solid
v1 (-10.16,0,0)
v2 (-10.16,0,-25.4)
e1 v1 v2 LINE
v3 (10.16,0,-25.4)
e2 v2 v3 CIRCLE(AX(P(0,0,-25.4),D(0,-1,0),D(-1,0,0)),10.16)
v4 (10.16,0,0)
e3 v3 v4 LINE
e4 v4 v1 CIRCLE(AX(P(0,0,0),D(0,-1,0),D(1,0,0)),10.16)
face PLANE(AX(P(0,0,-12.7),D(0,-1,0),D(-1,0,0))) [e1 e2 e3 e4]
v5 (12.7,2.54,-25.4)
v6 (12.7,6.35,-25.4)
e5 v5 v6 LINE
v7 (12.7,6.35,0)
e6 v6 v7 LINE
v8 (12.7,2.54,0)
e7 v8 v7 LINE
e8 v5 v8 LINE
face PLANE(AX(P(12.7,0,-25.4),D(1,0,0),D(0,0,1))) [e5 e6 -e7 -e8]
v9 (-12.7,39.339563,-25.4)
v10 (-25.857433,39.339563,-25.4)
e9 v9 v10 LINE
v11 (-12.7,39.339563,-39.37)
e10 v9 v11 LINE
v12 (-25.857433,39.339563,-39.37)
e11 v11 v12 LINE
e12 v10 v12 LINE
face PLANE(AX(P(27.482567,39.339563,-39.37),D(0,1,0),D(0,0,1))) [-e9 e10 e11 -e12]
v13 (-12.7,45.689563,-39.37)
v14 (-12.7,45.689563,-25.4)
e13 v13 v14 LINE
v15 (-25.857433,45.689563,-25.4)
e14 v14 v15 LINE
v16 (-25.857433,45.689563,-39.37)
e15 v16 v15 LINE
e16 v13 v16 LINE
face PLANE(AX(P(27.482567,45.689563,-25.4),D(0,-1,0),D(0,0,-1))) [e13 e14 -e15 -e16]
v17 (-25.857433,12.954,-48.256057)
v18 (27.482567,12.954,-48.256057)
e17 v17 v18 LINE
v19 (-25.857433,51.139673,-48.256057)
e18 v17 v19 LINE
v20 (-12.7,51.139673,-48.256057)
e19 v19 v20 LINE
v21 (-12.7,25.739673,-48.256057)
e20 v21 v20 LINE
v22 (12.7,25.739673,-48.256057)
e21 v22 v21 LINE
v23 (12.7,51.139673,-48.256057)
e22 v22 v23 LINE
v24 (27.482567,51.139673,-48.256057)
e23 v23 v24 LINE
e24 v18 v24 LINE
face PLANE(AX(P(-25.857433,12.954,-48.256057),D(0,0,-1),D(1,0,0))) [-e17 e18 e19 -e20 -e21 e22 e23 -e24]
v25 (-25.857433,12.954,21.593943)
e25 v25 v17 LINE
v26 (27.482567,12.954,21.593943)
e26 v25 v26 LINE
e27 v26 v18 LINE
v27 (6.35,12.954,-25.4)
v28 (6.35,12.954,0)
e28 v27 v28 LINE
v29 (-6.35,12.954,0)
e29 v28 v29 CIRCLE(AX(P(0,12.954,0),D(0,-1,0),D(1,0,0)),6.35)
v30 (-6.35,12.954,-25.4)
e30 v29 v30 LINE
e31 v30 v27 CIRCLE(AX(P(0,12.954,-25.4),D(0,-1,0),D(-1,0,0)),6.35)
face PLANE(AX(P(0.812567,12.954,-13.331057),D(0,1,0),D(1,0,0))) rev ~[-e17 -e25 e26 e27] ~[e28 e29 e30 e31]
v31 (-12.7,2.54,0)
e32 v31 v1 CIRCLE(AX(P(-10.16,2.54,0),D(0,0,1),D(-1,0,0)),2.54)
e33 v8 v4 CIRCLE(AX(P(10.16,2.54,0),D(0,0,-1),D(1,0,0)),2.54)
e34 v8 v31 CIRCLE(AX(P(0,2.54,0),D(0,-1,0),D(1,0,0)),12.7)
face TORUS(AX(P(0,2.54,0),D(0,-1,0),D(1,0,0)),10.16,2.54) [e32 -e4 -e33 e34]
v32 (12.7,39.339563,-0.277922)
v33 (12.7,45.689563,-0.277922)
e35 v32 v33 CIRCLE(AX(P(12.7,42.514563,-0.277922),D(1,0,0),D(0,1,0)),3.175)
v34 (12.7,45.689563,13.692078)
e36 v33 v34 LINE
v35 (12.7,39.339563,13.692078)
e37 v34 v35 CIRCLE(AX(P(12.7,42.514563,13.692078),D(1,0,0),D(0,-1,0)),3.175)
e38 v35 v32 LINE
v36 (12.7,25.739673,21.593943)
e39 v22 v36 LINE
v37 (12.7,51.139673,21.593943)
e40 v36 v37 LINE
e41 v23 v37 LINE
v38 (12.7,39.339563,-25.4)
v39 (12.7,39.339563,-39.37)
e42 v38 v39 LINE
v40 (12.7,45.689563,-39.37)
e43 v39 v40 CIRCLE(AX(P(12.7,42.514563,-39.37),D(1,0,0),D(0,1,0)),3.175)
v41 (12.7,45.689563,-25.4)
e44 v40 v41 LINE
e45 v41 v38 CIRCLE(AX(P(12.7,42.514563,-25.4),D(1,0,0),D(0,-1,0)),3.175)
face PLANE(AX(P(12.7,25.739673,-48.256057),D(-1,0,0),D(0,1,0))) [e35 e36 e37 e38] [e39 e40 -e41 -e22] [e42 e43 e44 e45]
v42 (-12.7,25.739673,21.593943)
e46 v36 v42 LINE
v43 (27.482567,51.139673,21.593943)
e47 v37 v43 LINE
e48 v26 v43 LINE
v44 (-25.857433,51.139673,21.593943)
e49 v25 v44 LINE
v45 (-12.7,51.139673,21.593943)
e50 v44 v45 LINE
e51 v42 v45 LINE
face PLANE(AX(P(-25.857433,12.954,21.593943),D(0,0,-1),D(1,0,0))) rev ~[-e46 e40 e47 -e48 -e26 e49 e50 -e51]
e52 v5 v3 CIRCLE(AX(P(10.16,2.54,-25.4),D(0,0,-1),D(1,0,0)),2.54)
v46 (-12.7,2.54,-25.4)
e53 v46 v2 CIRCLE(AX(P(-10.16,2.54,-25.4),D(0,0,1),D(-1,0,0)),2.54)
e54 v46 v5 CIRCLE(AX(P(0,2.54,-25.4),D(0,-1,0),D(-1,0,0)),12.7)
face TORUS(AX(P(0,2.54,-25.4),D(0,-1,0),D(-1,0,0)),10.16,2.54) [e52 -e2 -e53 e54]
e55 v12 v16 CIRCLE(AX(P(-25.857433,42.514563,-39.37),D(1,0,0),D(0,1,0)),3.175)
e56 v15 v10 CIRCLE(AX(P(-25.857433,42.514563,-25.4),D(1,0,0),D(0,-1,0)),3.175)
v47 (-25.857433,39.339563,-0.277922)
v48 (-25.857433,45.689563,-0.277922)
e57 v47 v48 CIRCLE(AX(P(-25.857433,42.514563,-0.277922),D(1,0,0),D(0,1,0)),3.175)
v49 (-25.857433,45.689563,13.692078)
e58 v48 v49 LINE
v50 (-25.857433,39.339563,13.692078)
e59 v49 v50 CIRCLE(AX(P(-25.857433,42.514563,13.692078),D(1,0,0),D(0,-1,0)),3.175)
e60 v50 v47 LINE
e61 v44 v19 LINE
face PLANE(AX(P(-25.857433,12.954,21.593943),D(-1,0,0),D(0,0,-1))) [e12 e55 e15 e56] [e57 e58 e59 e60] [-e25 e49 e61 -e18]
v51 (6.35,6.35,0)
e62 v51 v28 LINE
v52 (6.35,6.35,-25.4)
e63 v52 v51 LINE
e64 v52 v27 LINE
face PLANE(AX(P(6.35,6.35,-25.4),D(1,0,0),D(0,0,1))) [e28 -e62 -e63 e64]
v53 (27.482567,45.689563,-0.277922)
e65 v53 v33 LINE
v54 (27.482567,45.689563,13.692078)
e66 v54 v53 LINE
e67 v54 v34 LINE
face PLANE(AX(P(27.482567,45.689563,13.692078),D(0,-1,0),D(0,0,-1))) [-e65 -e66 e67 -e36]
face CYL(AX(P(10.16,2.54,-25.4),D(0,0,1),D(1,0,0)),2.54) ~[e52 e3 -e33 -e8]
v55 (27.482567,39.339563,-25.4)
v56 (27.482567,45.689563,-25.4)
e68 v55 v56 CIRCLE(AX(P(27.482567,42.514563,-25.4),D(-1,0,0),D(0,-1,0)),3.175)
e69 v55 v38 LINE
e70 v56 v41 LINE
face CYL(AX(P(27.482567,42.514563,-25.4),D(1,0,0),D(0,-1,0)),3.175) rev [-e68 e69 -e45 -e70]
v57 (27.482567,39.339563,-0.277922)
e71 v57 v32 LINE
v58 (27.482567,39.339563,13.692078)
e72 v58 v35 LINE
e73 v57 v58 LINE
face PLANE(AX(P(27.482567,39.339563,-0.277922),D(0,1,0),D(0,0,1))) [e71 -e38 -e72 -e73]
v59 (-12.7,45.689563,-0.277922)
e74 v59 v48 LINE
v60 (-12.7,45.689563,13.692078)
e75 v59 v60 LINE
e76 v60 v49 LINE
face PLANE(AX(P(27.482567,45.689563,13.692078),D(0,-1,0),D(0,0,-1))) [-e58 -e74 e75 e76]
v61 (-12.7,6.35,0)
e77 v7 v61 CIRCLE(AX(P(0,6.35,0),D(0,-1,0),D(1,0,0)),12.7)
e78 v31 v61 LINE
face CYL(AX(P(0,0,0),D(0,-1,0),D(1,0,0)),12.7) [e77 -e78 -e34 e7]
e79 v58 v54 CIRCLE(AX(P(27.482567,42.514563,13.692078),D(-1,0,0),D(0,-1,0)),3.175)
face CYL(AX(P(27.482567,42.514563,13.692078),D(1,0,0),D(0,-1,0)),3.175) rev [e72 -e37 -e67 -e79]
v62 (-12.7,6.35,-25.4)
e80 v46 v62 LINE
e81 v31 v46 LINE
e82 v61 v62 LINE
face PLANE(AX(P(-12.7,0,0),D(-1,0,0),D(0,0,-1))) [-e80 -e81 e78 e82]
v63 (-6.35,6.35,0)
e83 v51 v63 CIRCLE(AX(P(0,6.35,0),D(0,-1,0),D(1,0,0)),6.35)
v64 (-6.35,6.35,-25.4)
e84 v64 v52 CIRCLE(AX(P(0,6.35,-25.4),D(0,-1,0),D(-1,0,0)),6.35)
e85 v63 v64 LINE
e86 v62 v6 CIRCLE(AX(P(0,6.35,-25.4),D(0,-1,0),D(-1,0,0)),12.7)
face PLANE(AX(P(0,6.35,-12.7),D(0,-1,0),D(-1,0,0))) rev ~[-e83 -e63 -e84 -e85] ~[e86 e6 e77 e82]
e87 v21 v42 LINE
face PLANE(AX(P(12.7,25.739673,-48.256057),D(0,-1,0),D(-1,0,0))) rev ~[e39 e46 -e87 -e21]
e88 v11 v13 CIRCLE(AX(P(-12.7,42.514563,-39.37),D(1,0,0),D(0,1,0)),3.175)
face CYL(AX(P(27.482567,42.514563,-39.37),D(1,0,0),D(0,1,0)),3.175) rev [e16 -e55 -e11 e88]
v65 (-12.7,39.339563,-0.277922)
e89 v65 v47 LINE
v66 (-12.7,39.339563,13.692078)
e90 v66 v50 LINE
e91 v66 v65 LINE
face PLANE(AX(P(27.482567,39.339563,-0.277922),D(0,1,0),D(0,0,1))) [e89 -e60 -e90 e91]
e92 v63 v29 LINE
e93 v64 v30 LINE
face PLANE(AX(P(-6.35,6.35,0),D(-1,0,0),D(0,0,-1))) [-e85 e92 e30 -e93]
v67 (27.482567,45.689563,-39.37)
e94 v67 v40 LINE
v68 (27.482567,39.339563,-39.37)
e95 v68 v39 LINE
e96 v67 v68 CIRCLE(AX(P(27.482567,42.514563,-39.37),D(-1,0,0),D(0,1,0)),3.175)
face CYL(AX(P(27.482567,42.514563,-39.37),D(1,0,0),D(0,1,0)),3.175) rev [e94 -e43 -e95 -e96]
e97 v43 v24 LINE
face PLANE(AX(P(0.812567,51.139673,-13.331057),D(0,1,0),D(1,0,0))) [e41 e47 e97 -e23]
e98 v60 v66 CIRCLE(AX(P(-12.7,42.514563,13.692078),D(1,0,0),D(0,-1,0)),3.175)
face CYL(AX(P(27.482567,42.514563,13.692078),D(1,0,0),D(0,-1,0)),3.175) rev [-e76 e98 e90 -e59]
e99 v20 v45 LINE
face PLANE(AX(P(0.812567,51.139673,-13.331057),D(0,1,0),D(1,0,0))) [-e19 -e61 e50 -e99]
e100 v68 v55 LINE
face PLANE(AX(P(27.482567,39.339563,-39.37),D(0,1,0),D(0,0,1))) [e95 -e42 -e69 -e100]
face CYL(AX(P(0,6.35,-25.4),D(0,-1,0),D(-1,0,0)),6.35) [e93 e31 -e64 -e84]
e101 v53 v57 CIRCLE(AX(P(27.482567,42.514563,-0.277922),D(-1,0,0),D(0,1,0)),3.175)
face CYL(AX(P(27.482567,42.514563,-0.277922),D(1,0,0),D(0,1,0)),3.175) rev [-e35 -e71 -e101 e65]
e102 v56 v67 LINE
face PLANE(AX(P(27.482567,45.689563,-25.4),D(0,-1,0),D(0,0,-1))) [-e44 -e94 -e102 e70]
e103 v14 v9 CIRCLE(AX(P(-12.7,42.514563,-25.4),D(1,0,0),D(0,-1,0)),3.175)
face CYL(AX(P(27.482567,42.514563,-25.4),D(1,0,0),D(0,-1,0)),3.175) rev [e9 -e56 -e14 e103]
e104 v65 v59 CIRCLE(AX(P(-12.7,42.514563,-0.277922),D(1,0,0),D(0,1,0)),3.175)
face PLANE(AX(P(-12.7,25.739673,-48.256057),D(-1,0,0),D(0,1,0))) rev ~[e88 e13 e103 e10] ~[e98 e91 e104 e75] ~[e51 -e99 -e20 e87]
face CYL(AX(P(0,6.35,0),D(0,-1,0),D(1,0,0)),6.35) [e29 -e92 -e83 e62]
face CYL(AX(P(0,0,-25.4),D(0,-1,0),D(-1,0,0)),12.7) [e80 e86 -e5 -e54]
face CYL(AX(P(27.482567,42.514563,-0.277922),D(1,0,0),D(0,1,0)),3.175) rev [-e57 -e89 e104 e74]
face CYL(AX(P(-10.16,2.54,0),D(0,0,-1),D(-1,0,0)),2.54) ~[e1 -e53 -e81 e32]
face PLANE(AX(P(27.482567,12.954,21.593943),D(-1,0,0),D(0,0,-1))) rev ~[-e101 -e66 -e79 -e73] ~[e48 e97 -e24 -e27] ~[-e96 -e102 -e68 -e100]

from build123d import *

# Parameters (mm, degrees)
BOSS_EXTRUDE1_DEPTH = 6.35
BOSS_EXTRUDE2_DEPTH = 6.604
SKETCH3_W           = 53.34
SKETCH3_H           = 69.85
BOSS_EXTRUDE3_DEPTH = 38.185673152
FILLET1_R           = 2.54
SKETCH4_W           = 25.4
SKETCH4_H           = 25.4
CUT_EXTRUDE1_DEPTH  = 70.358
CUT_EXTRUDE2_DEPTH  = 89.255701154


with BuildPart() as part:
    # Sketch1 → Boss-Extrude1 (new body)
    with BuildSketch(Plane(origin=(0, 0, 0), x_dir=(1, 0, 0), z_dir=(0, 1, 0))):
        with BuildLine():
            Line((-12.7, 0), (-12.7, 25.4))
            ThreePointArc((-12.7, 25.4), (0, 38.1), (12.7, 25.4))
            Line((12.7, 25.4), (12.7, 0))
            ThreePointArc((12.7, 0), (0, -12.7), (-12.7, 0))
        make_face()
    extrude(amount=BOSS_EXTRUDE1_DEPTH)

    # Sketch2 → Boss-Extrude2 (add)
    with BuildSketch(Plane(origin=(0, 6.35, 0), x_dir=(1, 0, 0), z_dir=(0, 1, 0))):
        with BuildLine():
            Line((-6.35, 0), (-6.35, 25.4))
            ThreePointArc((-6.35, 25.4), (0, 31.75), (6.35, 25.4))
            Line((6.35, 25.4), (6.35, 0))
            ThreePointArc((6.35, 0), (0, -6.35), (-6.35, 0))
        make_face()
    extrude(amount=BOSS_EXTRUDE2_DEPTH)

    # Sketch3 → Boss-Extrude3 (add)
    with BuildSketch(Plane(origin=(0, 12.954, 0), x_dir=(1, 0, 0), z_dir=(0, 1, 0))):
        with Locations((0.81256739, 13.33105678)):
            Rectangle(SKETCH3_W, SKETCH3_H)
    extrude(amount=BOSS_EXTRUDE3_DEPTH)

    # Fillet1
    fillet1_edges = [part.edges().sort_by_distance(p)[0] for p in [
        (-12.7, 0, -12.7),
        (0, 0, -38.1),
        (12.7, 0, -12.7),
        (0, 0, 12.7),
    ]]
    fillet(fillet1_edges, radius=FILLET1_R)

    # Sketch4 → Cut-Extrude1 (cut)
    with BuildSketch(Plane(origin=(0, 0, -48.25605678), x_dir=(-1, 0, 0), z_dir=(0, 0, -1))):
        with Locations((0, 38.439673152)):
            Rectangle(SKETCH4_W, SKETCH4_H)
    extrude(amount=-CUT_EXTRUDE1_DEPTH, mode=Mode.SUBTRACT)

    # Sketch5 → Cut-Extrude2 (cut, through all)
    with BuildSketch(Plane(origin=(27.48256739, 0, 0), x_dir=(0, 0, -1), z_dir=(1, 0, 0))):
        with BuildLine():
            Line((0.277921972, 39.339563333), (-13.692078028, 39.339563333))
            ThreePointArc((-13.692078028, 39.339563333), (-16.867078028, 42.514563333), (-13.692078028, 45.689563333))
            Line((-13.692078028, 45.689563333), (0.277921972, 45.689563333))
            ThreePointArc((0.277921972, 45.689563333), (3.452921972, 42.514563333), (0.277921972, 39.339563333))
        make_face()
        with BuildLine():
            Line((25.4, 45.689563333), (39.37, 45.689563333))
            ThreePointArc((39.37, 45.689563333), (42.545, 42.514563333), (39.37, 39.339563333))
            Line((39.37, 39.339563333), (25.4, 39.339563333))
            ThreePointArc((25.4, 39.339563333), (22.225, 42.514563333), (25.4, 45.689563333))
        make_face()
    extrude(amount=-CUT_EXTRUDE2_DEPTH, mode=Mode.SUBTRACT)


solid = part.part
